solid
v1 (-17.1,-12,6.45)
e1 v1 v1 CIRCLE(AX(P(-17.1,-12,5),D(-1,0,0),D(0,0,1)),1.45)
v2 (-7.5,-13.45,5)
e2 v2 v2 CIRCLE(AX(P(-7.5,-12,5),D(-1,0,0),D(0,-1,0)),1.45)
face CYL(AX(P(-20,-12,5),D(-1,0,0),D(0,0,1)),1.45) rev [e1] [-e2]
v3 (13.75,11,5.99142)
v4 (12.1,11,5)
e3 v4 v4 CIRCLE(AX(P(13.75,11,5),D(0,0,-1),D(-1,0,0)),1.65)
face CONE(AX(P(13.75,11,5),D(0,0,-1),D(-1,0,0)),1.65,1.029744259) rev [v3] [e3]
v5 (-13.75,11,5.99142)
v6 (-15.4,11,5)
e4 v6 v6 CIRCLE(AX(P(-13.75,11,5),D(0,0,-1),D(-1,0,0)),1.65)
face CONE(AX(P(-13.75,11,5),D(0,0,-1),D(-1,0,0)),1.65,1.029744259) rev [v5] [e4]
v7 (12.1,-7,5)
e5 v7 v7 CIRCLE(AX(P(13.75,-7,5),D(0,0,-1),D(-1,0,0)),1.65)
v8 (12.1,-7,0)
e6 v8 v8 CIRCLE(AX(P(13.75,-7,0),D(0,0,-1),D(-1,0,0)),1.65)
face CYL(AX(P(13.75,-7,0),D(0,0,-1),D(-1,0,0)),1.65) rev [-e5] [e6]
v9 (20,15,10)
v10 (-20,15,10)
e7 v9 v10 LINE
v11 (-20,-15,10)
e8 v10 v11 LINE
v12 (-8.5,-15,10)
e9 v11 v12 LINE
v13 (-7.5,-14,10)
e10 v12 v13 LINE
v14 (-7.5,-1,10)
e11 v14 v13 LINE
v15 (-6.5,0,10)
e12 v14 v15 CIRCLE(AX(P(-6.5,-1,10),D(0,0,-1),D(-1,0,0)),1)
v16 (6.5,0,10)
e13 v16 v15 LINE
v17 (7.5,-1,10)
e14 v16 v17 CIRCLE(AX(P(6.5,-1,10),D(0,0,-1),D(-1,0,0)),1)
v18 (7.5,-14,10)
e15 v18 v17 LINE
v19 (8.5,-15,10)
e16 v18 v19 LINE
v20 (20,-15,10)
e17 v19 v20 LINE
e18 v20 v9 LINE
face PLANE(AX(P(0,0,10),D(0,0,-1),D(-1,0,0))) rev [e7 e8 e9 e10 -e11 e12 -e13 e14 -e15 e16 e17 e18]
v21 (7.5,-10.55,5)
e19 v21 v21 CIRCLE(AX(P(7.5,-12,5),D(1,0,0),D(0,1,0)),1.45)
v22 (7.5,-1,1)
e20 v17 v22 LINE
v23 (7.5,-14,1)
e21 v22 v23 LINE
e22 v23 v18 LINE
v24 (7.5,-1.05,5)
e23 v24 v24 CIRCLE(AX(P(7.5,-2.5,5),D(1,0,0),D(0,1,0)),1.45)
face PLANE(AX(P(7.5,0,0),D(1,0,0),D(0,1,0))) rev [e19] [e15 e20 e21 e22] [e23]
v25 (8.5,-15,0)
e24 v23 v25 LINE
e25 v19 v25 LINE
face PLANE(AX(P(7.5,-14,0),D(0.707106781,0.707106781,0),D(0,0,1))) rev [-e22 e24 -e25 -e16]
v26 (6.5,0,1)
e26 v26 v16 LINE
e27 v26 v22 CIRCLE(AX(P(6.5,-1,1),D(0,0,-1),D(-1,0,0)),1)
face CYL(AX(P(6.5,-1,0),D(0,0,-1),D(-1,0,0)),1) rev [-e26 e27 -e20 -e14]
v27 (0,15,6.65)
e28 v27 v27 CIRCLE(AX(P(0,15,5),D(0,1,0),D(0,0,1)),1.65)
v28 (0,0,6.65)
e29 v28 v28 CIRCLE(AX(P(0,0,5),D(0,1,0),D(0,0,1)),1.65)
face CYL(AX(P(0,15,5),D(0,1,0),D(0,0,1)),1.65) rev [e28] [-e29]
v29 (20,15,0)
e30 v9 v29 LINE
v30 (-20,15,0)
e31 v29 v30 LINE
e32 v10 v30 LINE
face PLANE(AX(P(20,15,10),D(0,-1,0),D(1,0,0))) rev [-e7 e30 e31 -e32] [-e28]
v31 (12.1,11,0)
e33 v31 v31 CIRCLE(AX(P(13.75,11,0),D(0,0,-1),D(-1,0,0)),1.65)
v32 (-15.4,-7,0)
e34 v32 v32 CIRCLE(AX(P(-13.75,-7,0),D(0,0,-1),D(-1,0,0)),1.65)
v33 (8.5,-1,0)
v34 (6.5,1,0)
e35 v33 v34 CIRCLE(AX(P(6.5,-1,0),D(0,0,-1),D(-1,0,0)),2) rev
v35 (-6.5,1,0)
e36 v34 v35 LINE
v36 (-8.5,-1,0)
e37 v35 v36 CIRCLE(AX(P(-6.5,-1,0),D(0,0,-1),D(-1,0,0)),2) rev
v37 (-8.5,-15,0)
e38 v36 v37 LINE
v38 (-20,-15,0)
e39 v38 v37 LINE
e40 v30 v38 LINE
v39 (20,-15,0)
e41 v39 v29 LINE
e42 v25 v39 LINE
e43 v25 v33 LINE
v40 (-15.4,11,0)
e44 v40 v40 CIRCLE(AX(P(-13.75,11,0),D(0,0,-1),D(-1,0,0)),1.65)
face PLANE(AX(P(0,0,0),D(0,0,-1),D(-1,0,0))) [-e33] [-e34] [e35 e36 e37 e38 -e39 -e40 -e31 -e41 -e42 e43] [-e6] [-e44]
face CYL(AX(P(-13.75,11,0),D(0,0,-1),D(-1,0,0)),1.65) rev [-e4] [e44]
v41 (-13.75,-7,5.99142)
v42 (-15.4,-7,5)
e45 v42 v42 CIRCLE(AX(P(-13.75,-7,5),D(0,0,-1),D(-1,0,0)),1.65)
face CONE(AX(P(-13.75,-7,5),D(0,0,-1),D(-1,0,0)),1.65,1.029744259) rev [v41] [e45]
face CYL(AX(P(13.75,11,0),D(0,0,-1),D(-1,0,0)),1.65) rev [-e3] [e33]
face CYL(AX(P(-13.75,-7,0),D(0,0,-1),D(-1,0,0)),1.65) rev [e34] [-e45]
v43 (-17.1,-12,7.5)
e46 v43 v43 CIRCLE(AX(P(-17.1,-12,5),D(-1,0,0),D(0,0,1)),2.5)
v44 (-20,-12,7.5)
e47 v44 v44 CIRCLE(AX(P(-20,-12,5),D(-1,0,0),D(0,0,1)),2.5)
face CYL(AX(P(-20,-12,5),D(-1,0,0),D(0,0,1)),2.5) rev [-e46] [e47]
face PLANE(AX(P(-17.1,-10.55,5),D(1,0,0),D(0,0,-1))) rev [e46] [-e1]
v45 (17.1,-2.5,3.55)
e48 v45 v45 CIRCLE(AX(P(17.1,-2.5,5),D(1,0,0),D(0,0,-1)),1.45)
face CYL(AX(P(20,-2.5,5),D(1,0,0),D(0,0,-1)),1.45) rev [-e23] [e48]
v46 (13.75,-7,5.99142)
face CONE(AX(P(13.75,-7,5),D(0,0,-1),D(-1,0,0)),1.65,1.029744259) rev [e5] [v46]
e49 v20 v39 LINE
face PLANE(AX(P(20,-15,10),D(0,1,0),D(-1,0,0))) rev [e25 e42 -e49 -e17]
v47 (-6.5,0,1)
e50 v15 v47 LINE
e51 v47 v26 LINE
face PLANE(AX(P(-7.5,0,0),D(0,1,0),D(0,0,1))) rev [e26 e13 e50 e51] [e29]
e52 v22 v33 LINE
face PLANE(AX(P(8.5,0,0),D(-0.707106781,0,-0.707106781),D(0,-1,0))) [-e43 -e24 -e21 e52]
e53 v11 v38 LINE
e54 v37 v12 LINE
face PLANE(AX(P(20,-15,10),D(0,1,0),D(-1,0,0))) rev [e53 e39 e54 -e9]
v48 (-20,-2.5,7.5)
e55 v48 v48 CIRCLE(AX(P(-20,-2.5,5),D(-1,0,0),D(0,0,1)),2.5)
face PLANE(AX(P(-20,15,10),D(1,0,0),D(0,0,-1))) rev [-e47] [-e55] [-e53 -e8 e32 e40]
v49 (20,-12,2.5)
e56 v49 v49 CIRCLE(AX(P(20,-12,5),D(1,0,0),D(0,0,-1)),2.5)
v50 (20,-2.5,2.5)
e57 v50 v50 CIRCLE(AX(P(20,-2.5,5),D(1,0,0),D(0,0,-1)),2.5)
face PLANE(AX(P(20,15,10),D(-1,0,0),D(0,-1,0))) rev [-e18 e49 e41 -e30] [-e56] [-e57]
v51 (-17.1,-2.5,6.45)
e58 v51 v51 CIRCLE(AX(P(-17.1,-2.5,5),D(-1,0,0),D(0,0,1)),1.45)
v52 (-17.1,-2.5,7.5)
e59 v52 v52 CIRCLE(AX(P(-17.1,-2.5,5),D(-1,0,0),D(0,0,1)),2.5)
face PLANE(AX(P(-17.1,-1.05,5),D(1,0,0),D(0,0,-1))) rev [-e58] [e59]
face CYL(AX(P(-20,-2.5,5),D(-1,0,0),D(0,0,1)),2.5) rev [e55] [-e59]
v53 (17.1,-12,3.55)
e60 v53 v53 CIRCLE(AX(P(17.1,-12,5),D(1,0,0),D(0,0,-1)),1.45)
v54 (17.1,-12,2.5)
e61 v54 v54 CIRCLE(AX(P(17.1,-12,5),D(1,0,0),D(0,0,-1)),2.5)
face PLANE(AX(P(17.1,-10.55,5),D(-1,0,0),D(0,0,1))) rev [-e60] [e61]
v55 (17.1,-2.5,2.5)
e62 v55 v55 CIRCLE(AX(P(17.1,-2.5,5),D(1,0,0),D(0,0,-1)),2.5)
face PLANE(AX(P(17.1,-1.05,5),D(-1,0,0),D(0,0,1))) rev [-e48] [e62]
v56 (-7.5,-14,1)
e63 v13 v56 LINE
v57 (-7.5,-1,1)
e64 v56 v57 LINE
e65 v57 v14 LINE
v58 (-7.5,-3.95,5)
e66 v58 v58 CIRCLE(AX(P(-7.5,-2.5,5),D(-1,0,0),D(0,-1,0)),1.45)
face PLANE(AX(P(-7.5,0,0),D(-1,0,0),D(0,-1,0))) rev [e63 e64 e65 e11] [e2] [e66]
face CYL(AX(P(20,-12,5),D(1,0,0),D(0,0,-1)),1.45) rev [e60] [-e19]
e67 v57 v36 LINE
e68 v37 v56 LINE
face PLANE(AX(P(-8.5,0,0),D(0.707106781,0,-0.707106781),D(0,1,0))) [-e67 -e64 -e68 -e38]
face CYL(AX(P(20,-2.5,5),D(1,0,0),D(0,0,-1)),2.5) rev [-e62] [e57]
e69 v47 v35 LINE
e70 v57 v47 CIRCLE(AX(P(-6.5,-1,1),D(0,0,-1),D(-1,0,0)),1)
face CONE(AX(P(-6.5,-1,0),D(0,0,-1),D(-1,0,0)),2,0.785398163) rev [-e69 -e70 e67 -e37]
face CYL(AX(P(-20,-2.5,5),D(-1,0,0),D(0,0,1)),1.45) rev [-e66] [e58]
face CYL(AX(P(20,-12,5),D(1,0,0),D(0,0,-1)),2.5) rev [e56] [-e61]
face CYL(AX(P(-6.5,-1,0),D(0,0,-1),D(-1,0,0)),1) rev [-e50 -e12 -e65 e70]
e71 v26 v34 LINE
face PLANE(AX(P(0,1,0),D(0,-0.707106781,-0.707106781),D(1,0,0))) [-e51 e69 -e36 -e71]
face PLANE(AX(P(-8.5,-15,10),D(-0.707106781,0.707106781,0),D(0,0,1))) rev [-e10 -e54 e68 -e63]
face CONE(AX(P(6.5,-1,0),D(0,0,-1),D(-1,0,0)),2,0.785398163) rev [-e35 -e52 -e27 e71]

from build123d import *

# Parameters (mm, degrees)
SKETCH1_W                                            = 40
SKETCH1_H                                            = 30
BOSS_EXTRUDE1_DEPTH                                  = 10
SKETCH2_W                                            = 15
SKETCH2_H                                            = 15
CUT_EXTRUDE1_DEPTH                                   = 27.925824036
CBORE_FOR_M2_5_SLOTTED_CHEESE_HEAD_SCREW_D           = 2.9
CBORE_FOR_M2_5_SLOTTED_CHEESE_HEAD_SCREW_DEPTH       = 12.5
CBORE_FOR_M2_5_SLOTTED_CHEESE_HEAD_SCREW_CBORE_D     = 5
CBORE_FOR_M2_5_SLOTTED_CHEESE_HEAD_SCREW_CBORE_DEPTH = 2.9
M4_TAPPED_HOLE1_D                                    = 3.3
M4_TAPPED_HOLE1_DEPTH                                = 5
M4_TAPPED_HOLE1_TIP                                  = 0.991420021
FILLET1_R                                            = 1
CHAMFER1_SIZE                                        = 1
CHAMFER2_SIZE                                        = 1
M4_TAPPED_HOLE2_D                                    = 3.3


with BuildPart() as part:
    # Sketch1 → Boss-Extrude1 (new body)
    with BuildSketch(Plane.XY):
        Rectangle(SKETCH1_W, SKETCH1_H)
    extrude(amount=BOSS_EXTRUDE1_DEPTH)

    # Sketch2 → Cut-Extrude1 (cut, through all)
    with BuildSketch(Plane.XY.offset(10)):
        with Locations((0, -7.5)):
            Rectangle(SKETCH2_W, SKETCH2_H)
    extrude(amount=-CUT_EXTRUDE1_DEPTH, mode=Mode.SUBTRACT)

    # CBORE for M2.5 Slotted cheese head screws2
    with Locations(Plane.ZY.offset(20)):
        with Locations((5, -2.5), (5, -12)):
            cbore_for_m2_5_slotted_cheese_head_screw = CounterBoreHole(CBORE_FOR_M2_5_SLOTTED_CHEESE_HEAD_SCREW_D / 2, CBORE_FOR_M2_5_SLOTTED_CHEESE_HEAD_SCREW_CBORE_D / 2, CBORE_FOR_M2_5_SLOTTED_CHEESE_HEAD_SCREW_CBORE_DEPTH, depth=CBORE_FOR_M2_5_SLOTTED_CHEESE_HEAD_SCREW_DEPTH)

    # Mirror1: CBORE for M2.5 Slotted cheese head screws2 across plane
    add(cbore_for_m2_5_slotted_cheese_head_screw.mirror(Plane(origin=(0, 0, 0), x_dir=(0, 0, 1), z_dir=(1, 0, 0))), mode=Mode.SUBTRACT)

    # M4 Tapped Hole1
    with Locations(Plane(origin=(0, 0, 0), x_dir=(-1, 0, 0), z_dir=(0, 0, -1))):
        with Locations((-13.75, -7), (-13.75, 11), (13.75, 11), (13.75, -7)):
            Hole(M4_TAPPED_HOLE1_D / 2, depth=M4_TAPPED_HOLE1_DEPTH)
            with Locations((0, 0, -(M4_TAPPED_HOLE1_DEPTH + M4_TAPPED_HOLE1_TIP / 2))):  # 118° drill point
                Cone(0, M4_TAPPED_HOLE1_D / 2, M4_TAPPED_HOLE1_TIP, mode=Mode.SUBTRACT)

    # Fillet1
    fillet1_edges = [part.edges().sort_by_distance(p)[0] for p in [
        (7.5, 0, 5),
        (-7.5, 0, 5),
    ]]
    fillet(fillet1_edges, radius=FILLET1_R)

    # Chamfer1
    chamfer1_edges = [part.edges().sort_by_distance(p)[0] for p in [
        (7.5, -15, 5),
        (-7.5, -15, 5),
    ]]
    chamfer(chamfer1_edges, length=CHAMFER1_SIZE)

    # Chamfer2
    chamfer2_edges = [part.edges().sort_by_distance(p)[0] for p in [
        (7.5, -7.5, 0),
        (-7.5, -7.5, 0),
        (7.207106781, -0.292893219, 0),
        (-7.207106781, -0.292893219, 0),
        (0, 0, 0),
    ]]
    chamfer(chamfer2_edges, length=CHAMFER2_SIZE)

    # M4 Tapped Hole2 (through all)
    with Locations(Plane(origin=(0, 15, 0), x_dir=(1, 0, 0), z_dir=(0, 1, 0))):
        with Locations((0, -5)):
            Hole(M4_TAPPED_HOLE2_D / 2)


solid = part.part
